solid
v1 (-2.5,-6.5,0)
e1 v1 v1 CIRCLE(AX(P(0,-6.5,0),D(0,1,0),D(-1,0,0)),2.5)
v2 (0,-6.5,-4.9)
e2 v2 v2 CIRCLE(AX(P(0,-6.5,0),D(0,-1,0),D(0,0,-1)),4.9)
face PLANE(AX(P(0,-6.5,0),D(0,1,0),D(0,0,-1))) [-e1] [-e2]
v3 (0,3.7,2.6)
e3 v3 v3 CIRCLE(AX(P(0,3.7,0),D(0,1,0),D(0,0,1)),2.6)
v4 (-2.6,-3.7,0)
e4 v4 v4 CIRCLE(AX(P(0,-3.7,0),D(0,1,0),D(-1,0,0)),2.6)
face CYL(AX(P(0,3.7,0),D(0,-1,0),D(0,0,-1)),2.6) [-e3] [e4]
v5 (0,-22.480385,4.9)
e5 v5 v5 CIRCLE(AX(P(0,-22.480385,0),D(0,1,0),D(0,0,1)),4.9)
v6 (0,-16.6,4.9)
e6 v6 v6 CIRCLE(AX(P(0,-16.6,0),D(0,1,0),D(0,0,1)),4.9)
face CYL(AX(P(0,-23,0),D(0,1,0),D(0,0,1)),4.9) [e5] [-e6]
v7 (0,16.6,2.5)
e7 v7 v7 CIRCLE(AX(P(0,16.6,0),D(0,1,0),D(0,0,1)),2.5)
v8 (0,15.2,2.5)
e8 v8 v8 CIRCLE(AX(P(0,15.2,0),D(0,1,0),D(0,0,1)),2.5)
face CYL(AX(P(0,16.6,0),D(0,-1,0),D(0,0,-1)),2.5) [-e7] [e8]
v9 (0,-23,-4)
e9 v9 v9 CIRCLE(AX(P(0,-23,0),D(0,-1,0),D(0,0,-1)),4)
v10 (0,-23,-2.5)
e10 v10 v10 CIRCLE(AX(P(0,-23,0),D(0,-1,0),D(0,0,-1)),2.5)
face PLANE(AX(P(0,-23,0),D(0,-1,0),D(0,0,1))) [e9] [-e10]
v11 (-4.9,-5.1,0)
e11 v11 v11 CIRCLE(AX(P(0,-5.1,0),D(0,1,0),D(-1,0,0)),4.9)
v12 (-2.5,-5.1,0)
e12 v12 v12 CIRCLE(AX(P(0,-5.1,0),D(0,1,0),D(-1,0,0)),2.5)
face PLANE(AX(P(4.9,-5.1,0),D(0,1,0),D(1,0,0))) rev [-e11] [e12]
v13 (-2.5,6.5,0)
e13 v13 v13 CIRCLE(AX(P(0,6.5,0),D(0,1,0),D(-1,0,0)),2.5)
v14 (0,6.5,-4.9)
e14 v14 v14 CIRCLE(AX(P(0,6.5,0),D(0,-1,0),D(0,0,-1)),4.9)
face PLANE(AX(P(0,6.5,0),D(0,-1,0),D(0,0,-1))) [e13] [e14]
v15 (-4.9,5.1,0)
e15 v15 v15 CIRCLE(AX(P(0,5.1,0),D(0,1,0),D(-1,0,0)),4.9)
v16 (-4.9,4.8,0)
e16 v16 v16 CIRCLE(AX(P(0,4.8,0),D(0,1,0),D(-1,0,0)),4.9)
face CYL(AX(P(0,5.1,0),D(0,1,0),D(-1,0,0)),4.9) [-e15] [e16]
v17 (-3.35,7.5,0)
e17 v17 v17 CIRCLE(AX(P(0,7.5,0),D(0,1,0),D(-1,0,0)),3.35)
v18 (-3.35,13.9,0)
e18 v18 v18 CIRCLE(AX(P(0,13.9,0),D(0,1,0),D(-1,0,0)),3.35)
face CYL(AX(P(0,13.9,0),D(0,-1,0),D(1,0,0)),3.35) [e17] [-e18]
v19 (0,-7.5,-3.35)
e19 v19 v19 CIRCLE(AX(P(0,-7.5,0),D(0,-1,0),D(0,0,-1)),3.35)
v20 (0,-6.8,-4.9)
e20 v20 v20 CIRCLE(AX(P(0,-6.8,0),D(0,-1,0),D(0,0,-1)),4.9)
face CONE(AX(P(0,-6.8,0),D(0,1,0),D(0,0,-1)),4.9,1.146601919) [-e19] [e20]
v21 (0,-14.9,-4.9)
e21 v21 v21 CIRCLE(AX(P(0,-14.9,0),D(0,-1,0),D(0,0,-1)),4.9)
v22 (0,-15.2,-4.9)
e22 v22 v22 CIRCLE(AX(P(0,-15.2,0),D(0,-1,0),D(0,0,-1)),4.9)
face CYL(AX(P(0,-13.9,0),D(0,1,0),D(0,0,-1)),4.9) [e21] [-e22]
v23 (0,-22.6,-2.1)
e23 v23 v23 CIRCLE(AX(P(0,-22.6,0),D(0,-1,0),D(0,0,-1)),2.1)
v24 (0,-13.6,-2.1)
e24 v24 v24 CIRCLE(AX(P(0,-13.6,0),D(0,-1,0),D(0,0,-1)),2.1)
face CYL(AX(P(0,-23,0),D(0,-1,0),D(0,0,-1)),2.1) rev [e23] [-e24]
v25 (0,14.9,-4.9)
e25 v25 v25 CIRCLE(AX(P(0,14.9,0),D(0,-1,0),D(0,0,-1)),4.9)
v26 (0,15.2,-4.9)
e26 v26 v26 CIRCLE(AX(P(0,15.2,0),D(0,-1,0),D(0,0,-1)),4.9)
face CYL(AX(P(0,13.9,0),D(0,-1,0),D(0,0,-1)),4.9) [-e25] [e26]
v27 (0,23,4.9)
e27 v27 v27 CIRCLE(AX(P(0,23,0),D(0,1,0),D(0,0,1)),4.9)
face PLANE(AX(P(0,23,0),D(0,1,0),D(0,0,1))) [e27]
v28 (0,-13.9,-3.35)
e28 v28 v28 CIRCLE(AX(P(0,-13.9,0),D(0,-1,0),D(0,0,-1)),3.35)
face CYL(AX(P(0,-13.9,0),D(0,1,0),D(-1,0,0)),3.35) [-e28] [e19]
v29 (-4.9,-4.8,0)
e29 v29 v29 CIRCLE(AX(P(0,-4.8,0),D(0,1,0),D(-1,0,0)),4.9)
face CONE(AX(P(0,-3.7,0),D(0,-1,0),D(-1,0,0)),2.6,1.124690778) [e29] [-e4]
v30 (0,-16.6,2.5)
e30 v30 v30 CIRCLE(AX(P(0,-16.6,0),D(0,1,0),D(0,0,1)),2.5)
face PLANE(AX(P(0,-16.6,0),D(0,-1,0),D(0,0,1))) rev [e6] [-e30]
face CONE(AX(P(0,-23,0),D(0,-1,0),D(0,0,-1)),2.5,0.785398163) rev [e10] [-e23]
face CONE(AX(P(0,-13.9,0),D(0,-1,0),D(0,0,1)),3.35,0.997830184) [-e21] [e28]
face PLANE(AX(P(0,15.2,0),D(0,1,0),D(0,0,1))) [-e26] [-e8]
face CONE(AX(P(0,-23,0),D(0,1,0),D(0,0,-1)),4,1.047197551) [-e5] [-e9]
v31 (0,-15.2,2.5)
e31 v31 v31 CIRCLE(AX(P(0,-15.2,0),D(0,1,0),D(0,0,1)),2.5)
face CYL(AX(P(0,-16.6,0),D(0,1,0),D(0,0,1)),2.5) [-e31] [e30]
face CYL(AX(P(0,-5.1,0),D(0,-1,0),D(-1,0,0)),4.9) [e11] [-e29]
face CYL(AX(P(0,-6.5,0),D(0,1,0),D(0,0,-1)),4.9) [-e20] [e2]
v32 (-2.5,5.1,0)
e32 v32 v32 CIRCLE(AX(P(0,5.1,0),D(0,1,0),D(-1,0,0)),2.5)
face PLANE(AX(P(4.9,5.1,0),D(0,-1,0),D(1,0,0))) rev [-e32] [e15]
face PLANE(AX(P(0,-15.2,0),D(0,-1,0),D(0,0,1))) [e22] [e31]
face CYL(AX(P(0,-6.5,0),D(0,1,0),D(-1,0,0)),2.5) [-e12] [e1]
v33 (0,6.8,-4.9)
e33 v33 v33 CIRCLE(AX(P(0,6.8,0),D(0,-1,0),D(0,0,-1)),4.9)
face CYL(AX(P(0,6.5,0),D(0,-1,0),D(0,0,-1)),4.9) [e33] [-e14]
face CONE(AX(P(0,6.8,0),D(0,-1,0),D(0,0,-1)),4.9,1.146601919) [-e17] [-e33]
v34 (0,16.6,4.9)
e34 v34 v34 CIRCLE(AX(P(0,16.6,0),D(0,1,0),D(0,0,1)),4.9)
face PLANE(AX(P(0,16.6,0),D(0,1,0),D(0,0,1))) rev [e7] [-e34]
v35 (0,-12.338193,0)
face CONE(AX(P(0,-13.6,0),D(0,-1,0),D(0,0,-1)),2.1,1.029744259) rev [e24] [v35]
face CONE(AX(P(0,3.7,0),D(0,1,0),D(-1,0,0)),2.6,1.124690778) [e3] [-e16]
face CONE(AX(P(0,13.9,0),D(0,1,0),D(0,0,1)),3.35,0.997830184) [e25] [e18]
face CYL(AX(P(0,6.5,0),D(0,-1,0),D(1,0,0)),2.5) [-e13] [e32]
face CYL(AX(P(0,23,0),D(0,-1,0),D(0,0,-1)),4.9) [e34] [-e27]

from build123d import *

# Parameters (mm, degrees)
MIDBODYS_R                           = 2.6
MIDBODY_DEPTH                        = 3.7
MIDORINGBODYS_R                      = 2.5
MIDORINGBODY_DEPTH                   = 1.4
EXTENDEDMIDBODYS_R                   = 3.35
EXTENDEDMIDBODY_DEPTH                = 6.4
ENDORINGBODYS_R                      = 2.5
ENDORINGBODY_DEPTH                   = 1.4
ENDBODY_START                        = 6.4
ENDBODYS_R                           = 4.9
ENDBODY_DEPTH                        = 6.4
F_4_2_4_2_DIAMETER_HOLE1_D           = 4.2
F_4_2_4_2_DIAMETER_HOLE1_DEPTH       = 9.4
F_4_2_4_2_DIAMETER_HOLE1_CSINK_D     = 5
F_4_2_4_2_DIAMETER_HOLE1_CSINK_ANGLE = 90
F_4_2_4_2_DIAMETER_HOLE1_TIP         = 1.2618073
CHAMFERS_OUTSIDE_W                   = 186.02
CHAMFERS_OUTSIDE_H                   = 186.02
CHAMFERS_OUTSIDE_R                   = 4
CHAMFER_2_DEPTH                      = 47.519028365
CHAMFER_2_DRAFT                      = -60


with BuildPart() as part:
    # MidBodyS → MidBody (new body)
    with BuildSketch(Plane(origin=(0, 0, 0), x_dir=(1, 0, 0), z_dir=(0, 1, 0))):
        with Locations(Location((0, 0, 0), (0, 0, 270))):
            Circle(MIDBODYS_R)
    midbody = extrude(amount=MIDBODY_DEPTH)

    # MidORingBaseS → MidORingBase (revolve)
    with BuildSketch(Plane.XY, mode=Mode.PRIVATE) as midoringbase_sk:
        Polygon((2.6, 3.7), (4.9, 4.8), (4.9, 5.1), (0, 5.1), (0, 3.7), align=None)
    midoringbase = revolve(midoringbase_sk.sketch.rotate(Axis((0, 5.1, 0), (0, -1, 0)), 180), axis=Axis((0, 5.1, 0), (0, -1, 0)))

    # MidORingBodyS → MidORingBody (add)
    with BuildSketch(Plane(origin=(0, 5.1, 0), x_dir=(1, 0, 0), z_dir=(0, 1, 0))):
        with Locations(Location((0, 0, 0), (0, 0, 180))):
            Circle(MIDORINGBODYS_R)
    midoringbody = extrude(amount=MIDORINGBODY_DEPTH)

    # MidORingTopBaseS → MidORingTopBase (revolve)
    with BuildSketch(Plane.XY, mode=Mode.PRIVATE) as midoringtopbase_sk:
        Polygon((0, 6.5), (4.9, 6.5), (4.9, 6.8), (3.35, 7.5), (0, 7.5), align=None)
    midoringtopbase = revolve(midoringtopbase_sk.sketch.rotate(Axis((0, 6.5, 0), (0, 1, 0)), 90), axis=Axis((0, 6.5, 0), (0, 1, 0)))

    # ExtendedMidBodyS → ExtendedMidBody (add)
    with BuildSketch(Plane(origin=(0, 7.5, 0), x_dir=(1, 0, 0), z_dir=(0, 1, 0))):
        with Locations(Location((0, 0, 0), (0, 0, 180))):
            Circle(EXTENDEDMIDBODYS_R)
    extendedmidbody = extrude(amount=EXTENDEDMIDBODY_DEPTH)

    # EndORingBaseS → EndORingBase (revolve)
    with BuildSketch(Plane.XY, mode=Mode.PRIVATE) as endoringbase_sk:
        Polygon((0, 15.2), (4.9, 15.2), (4.9, 14.9), (3.35, 13.9), (0, 13.9), align=None)
    endoringbase = revolve(endoringbase_sk.sketch.rotate(Axis((0, 13.9, 0), (0, 1, 0)), 90), axis=Axis((0, 13.9, 0), (0, 1, 0)))

    # EndORingBodyS → EndORingBody (add)
    with BuildSketch(Plane(origin=(0, 15.2, 0), x_dir=(1, 0, 0), z_dir=(0, 1, 0))):
        with Locations(Location((0, 0, 0), (0, 0, 180))):
            Circle(ENDORINGBODYS_R)
    endoringbody = extrude(amount=ENDORINGBODY_DEPTH)

    # EndBodyS → EndBody (add)
    with BuildSketch(Plane(origin=(0, 16.6, 0), x_dir=(1, 0, 0), z_dir=(0, 1, 0)).offset(ENDBODY_START)):
        with Locations(Location((0, 0, 0), (0, 0, 180))):
            Circle(ENDBODYS_R)
    endbody = extrude(amount=-ENDBODY_DEPTH)

    # HalfBodyVM: MidBody, MidORingBase, MidORingBody, MidORingTopBase, ExtendedMidBody, EndORingBase, EndORingBody, EndBody across plane
    add(midbody.mirror(Plane.ZX))
    add(midoringbase.mirror(Plane.ZX))
    add(midoringbody.mirror(Plane.ZX))
    add(midoringtopbase.mirror(Plane.ZX))
    add(extendedmidbody.mirror(Plane.ZX))
    add(endoringbase.mirror(Plane.ZX))
    add(endoringbody.mirror(Plane.ZX))
    add(endbody.mirror(Plane.ZX))

    # Ø4.2 (4.2) Diameter Hole1
    with Locations(Plane(origin=(0, -23, 0), x_dir=(-1, 0, 0), z_dir=(0, -1, 0))):
        with Locations((0, 0)):
            CounterSinkHole(F_4_2_4_2_DIAMETER_HOLE1_D / 2, F_4_2_4_2_DIAMETER_HOLE1_CSINK_D / 2, depth=F_4_2_4_2_DIAMETER_HOLE1_DEPTH, counter_sink_angle=F_4_2_4_2_DIAMETER_HOLE1_CSINK_ANGLE)
            with Locations((0, 0, -(F_4_2_4_2_DIAMETER_HOLE1_DEPTH + F_4_2_4_2_DIAMETER_HOLE1_TIP / 2))):  # 118° drill point
                Cone(0, F_4_2_4_2_DIAMETER_HOLE1_D / 2, F_4_2_4_2_DIAMETER_HOLE1_TIP, mode=Mode.SUBTRACT)


with BuildPart() as chamfer_2_tool:
    # ChamferS outside → Chamfer 2 (with draft: the straight prism first)
    with BuildSketch(Plane.XZ.offset(23)):
        Rectangle(CHAMFERS_OUTSIDE_W, CHAMFERS_OUTSIDE_H)
        Circle(CHAMFERS_OUTSIDE_R, mode=Mode.SUBTRACT)
    extrude(amount=-CHAMFER_2_DEPTH)
    # Chamfer 2: the draft: its side faces are tilted about the plane it starts from
    chamfer_2_sides = [chamfer_2_tool.faces().sort_by_distance(p)[0] for p in [
        (0, 0.759514182, -93.01),
        (93.01, 0.759514182, 0),
        (0, 0.759514182, 93.01),
        (-93.01, 0.759514182, 0),
        (-4, 0.759514182, 0),
    ]]
    draft(chamfer_2_sides, Plane.XZ.offset(23), CHAMFER_2_DRAFT)


with BuildPart() as part_1:
    add(part.part)

    # Chamfer 2: cut by chamfer_2_tool
    add(chamfer_2_tool.part, mode=Mode.SUBTRACT)


solid = part_1.part
